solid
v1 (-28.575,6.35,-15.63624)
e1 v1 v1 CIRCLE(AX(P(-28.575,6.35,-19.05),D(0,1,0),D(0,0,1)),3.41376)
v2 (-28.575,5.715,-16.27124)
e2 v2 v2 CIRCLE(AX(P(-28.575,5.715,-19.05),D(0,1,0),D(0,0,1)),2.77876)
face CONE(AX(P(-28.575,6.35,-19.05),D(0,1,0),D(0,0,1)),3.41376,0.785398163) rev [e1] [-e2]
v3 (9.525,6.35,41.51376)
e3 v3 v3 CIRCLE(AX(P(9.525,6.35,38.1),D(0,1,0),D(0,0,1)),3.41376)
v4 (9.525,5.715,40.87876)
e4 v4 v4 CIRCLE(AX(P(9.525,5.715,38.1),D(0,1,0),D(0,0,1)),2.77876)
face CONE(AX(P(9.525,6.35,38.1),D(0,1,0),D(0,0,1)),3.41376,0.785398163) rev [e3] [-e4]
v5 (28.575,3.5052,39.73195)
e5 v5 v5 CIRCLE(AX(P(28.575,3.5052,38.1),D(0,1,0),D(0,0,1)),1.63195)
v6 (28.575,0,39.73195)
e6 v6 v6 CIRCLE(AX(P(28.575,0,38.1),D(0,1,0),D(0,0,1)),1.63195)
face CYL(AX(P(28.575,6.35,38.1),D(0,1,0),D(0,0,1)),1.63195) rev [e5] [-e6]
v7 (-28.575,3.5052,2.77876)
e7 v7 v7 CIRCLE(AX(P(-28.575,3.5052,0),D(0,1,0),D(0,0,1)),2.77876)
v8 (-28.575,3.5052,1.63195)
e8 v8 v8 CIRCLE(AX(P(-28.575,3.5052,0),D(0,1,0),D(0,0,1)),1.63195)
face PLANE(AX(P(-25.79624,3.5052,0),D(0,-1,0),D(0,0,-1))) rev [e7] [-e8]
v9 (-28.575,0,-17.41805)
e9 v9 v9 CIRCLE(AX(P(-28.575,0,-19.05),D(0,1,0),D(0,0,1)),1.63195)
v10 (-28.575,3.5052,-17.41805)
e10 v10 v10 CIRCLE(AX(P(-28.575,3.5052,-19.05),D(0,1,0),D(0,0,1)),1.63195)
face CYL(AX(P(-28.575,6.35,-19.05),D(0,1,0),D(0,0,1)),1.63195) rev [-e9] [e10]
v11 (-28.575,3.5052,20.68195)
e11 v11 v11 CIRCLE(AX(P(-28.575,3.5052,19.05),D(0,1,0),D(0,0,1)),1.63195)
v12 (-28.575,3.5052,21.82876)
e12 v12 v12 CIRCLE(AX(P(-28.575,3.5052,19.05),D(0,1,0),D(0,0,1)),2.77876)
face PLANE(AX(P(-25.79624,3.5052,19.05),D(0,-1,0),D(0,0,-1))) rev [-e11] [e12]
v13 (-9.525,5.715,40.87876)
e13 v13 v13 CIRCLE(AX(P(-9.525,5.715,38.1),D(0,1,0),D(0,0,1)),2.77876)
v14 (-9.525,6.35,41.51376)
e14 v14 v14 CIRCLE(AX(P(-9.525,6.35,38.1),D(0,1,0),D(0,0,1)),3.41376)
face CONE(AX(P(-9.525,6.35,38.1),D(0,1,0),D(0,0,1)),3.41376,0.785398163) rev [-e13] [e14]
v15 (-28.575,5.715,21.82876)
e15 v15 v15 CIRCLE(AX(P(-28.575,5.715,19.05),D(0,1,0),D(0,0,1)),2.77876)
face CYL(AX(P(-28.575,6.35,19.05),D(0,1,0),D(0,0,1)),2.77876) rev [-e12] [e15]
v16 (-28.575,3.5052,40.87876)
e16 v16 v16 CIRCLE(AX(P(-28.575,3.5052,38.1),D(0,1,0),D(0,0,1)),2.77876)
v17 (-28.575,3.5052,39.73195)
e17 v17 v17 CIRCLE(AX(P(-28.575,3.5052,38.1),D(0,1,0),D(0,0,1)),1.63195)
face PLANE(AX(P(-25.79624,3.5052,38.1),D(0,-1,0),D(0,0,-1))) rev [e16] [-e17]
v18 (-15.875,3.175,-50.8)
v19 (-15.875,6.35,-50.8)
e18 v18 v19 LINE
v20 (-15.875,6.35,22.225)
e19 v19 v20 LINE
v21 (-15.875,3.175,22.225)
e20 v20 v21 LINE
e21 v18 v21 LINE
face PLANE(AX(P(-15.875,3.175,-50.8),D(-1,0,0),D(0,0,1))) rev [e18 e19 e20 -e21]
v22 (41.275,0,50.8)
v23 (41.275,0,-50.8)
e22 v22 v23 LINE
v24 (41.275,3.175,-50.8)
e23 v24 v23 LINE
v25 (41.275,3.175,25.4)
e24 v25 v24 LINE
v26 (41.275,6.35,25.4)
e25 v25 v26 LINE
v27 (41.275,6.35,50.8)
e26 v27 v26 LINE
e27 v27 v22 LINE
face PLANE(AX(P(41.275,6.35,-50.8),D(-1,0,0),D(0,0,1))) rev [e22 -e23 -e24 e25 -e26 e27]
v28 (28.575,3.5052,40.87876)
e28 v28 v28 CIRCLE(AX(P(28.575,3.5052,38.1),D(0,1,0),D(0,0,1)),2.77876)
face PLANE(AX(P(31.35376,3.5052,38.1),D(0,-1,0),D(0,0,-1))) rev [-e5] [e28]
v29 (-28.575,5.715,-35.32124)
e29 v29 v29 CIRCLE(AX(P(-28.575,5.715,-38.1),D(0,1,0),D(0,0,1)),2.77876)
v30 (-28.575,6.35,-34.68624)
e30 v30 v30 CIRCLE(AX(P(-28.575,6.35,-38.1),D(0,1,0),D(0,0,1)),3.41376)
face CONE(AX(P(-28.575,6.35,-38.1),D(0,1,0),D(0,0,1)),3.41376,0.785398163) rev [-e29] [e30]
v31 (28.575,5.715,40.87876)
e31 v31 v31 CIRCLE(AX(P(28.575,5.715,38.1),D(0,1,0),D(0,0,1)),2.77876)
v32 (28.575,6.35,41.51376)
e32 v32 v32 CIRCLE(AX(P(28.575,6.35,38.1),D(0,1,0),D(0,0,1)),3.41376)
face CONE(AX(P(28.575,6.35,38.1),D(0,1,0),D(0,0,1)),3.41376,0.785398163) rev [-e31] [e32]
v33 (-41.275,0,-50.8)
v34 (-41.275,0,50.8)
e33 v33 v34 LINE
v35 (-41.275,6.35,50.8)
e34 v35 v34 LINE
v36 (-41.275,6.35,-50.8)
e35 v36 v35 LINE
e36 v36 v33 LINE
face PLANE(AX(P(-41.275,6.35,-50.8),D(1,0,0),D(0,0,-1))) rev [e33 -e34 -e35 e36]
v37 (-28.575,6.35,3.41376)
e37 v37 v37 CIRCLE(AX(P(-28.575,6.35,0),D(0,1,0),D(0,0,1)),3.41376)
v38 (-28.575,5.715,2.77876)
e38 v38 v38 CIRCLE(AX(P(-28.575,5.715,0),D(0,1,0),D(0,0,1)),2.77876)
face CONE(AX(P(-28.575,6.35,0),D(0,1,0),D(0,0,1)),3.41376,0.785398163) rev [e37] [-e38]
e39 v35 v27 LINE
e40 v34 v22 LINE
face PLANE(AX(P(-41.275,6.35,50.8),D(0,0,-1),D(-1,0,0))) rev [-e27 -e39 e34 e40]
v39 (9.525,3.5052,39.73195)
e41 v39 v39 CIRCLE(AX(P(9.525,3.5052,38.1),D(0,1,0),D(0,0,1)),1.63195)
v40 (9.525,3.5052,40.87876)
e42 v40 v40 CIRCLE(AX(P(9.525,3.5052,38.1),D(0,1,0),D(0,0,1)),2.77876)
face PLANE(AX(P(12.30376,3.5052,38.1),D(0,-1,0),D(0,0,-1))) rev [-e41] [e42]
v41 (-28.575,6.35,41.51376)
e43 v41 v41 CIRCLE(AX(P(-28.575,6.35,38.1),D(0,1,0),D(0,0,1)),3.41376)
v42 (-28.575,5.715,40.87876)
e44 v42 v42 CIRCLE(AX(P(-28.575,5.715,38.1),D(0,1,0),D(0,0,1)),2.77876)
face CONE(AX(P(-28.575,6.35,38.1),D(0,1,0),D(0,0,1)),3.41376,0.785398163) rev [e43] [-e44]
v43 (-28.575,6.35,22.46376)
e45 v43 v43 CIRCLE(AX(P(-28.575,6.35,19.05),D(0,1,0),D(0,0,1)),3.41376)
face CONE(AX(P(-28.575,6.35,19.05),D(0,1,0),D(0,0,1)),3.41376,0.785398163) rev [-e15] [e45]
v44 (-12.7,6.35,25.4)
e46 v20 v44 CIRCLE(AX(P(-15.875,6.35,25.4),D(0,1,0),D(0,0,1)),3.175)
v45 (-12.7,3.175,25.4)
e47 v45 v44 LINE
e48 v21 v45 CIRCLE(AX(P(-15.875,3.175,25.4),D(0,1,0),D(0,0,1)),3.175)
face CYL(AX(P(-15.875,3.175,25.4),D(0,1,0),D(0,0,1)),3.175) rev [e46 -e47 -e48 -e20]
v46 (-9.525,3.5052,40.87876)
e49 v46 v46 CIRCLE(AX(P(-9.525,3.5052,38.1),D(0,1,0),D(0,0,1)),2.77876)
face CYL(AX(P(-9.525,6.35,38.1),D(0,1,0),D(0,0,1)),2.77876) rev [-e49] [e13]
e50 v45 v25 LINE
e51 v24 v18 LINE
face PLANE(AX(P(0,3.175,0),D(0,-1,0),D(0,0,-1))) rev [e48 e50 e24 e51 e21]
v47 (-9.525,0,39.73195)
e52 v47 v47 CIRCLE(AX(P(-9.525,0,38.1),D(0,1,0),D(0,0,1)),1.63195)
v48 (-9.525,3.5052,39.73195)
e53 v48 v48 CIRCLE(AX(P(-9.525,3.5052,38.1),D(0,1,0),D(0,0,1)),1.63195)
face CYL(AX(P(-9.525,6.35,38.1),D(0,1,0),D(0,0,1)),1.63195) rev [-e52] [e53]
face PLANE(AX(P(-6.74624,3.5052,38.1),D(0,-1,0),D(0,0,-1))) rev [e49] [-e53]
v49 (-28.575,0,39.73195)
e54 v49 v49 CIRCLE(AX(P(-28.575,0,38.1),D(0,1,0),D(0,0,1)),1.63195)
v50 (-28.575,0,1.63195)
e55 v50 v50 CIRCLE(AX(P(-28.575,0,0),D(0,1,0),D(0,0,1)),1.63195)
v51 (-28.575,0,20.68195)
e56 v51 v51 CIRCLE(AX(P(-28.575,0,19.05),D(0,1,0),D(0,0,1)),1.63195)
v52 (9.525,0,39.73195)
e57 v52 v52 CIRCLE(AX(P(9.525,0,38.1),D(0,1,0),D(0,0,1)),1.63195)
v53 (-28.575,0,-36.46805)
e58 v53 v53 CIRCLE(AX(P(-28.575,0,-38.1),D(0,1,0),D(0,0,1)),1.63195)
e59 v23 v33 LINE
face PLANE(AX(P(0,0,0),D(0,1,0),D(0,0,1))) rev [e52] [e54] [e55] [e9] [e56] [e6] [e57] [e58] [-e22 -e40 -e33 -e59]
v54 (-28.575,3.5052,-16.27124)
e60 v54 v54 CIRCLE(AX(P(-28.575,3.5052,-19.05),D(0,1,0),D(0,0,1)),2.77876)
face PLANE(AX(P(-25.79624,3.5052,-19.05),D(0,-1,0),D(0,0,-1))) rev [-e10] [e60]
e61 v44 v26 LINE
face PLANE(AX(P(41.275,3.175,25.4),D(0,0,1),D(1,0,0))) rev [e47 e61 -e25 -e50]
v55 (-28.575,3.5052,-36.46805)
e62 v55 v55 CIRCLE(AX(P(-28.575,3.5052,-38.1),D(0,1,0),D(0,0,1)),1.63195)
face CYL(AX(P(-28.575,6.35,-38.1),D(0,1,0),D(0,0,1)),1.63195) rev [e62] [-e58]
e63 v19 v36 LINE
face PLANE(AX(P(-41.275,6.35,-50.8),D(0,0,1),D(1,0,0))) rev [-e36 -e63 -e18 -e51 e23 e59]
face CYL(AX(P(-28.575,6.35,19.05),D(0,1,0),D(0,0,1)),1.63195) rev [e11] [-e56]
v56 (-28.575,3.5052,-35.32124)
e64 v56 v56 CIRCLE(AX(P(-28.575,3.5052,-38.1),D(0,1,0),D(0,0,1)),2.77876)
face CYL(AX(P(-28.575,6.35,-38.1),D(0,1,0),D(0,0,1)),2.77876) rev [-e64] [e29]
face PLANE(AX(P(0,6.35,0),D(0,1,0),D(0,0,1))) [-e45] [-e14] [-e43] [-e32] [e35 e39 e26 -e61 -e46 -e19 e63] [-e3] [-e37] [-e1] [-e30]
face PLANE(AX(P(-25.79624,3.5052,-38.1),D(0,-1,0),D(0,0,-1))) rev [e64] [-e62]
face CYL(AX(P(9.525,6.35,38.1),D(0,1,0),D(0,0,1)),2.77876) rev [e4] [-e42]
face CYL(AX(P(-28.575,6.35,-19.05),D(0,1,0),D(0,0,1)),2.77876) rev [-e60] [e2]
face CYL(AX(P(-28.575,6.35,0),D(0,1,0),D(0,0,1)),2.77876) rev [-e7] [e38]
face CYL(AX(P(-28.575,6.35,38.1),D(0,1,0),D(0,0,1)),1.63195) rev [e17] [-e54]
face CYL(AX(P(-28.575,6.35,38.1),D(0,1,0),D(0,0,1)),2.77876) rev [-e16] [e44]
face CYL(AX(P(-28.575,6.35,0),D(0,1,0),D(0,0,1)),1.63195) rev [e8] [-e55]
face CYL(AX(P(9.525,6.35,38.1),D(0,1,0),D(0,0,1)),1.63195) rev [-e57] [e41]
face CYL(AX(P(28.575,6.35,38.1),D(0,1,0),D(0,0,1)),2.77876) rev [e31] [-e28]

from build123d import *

# Parameters (mm, degrees)
BASE_PLATE_W                    = 82.55
BASE_PLATE_H                    = 101.6
MAIN_BODY_DEPTH                 = 6.35
MOUNTING_HOLES_CBORE_AT_2_COUNT = 2
MOUNTING_HOLES_CBORE_AT_2_PITCH = 19.05
MOUNTING_HOLES_CBORE_AT_3_COUNT = 2
MOUNTING_HOLES_CBORE_AT_3_PITCH = 38.1
MOUNTING_HOLES_CBORE_AT_4_COUNT = 2
MOUNTING_HOLES_CBORE_AT_4_PITCH = 57.15
MOUNTING_HOLES_CBORE_AT_5_COUNT = 2
MOUNTING_HOLES_CBORE_AT_5_PITCH = 19.05
MOUNTING_HOLES_CBORE_AT_6_COUNT = 2
MOUNTING_HOLES_CBORE_AT_6_PITCH = 38.1
MOUNTING_HOLES_CBORE_AT_7_COUNT = 2
MOUNTING_HOLES_CBORE_AT_7_PITCH = 57.15
MOUNTING_HOLES_CBORE_AT_8_COUNT = 2
MOUNTING_HOLES_CBORE_AT_8_PITCH = 76.2
L_AREA_EXCLUSION_W              = 57.15
L_AREA_EXCLUSION_H              = 76.2
L_AREA_STEP_CUT_DEPTH           = 3.175
RELIEF_CIRCLE_SKETCH_R          = 3.175
SUBSTRATE_RELIEF_POCKET_DEPTH   = 3.175


with BuildPart() as part:
    # Base Plate → Main Body (new body)
    with BuildSketch(Plane(origin=(0, 0, 0), x_dir=(1, 0, 0), z_dir=(0, 1, 0))):
        Rectangle(BASE_PLATE_W, BASE_PLATE_H)
    extrude(amount=MAIN_BODY_DEPTH)

    # Hole Profile → Mounting Holes _CBORE (revolve, cut)
    with BuildSketch(Plane(origin=(-28.575, 6.35, 38.1), x_dir=(0, 0, 1), z_dir=(1, 0, 0))):
        Polygon((0, 0), (0, 6.35), (1.63195, 6.35), (1.63195, 2.8448), (2.77876, 2.8448), (2.77876, 0.635), (3.41376, 0), align=None)
    mounting_holes_cbore = revolve(axis=Axis((-28.575, 12.7, 38.1), (0, -1, 0)), mode=Mode.SUBTRACT)

    # Mounting Holes _CBORE at 2: Mounting Holes _CBORE ×2
    with Locations(*[(i * MOUNTING_HOLES_CBORE_AT_2_PITCH, 0, 0) for i in range(1, MOUNTING_HOLES_CBORE_AT_2_COUNT)]):
        add(mounting_holes_cbore, mode=Mode.SUBTRACT)

    # Mounting Holes _CBORE at 3: Mounting Holes _CBORE ×2
    with Locations(*[(i * MOUNTING_HOLES_CBORE_AT_3_PITCH, 0, 0) for i in range(1, MOUNTING_HOLES_CBORE_AT_3_COUNT)]):
        add(mounting_holes_cbore, mode=Mode.SUBTRACT)

    # Mounting Holes _CBORE at 4: Mounting Holes _CBORE ×2
    with Locations(*[(i * MOUNTING_HOLES_CBORE_AT_4_PITCH, 0, 0) for i in range(1, MOUNTING_HOLES_CBORE_AT_4_COUNT)]):
        add(mounting_holes_cbore, mode=Mode.SUBTRACT)

    # Mounting Holes _CBORE at 5: Mounting Holes _CBORE ×2
    with Locations(*[(0, 0, -i * MOUNTING_HOLES_CBORE_AT_5_PITCH) for i in range(1, MOUNTING_HOLES_CBORE_AT_5_COUNT)]):
        add(mounting_holes_cbore, mode=Mode.SUBTRACT)

    # Mounting Holes _CBORE at 6: Mounting Holes _CBORE ×2
    with Locations(*[(0, 0, -i * MOUNTING_HOLES_CBORE_AT_6_PITCH) for i in range(1, MOUNTING_HOLES_CBORE_AT_6_COUNT)]):
        add(mounting_holes_cbore, mode=Mode.SUBTRACT)

    # Mounting Holes _CBORE at 7: Mounting Holes _CBORE ×2
    with Locations(*[(0, 0, -i * MOUNTING_HOLES_CBORE_AT_7_PITCH) for i in range(1, MOUNTING_HOLES_CBORE_AT_7_COUNT)]):
        add(mounting_holes_cbore, mode=Mode.SUBTRACT)

    # Mounting Holes _CBORE at 8: Mounting Holes _CBORE ×2
    with Locations(*[(0, 0, -i * MOUNTING_HOLES_CBORE_AT_8_PITCH) for i in range(1, MOUNTING_HOLES_CBORE_AT_8_COUNT)]):
        add(mounting_holes_cbore, mode=Mode.SUBTRACT)

    # L-Area Exclusion → L-Area Step Cut (cut)
    with BuildSketch(Plane(origin=(0, 6.35, 0), x_dir=(1, 0, 0), z_dir=(0, 1, 0))):
        with Locations((12.7, 12.7)):
            Rectangle(L_AREA_EXCLUSION_W, L_AREA_EXCLUSION_H)
    extrude(amount=-L_AREA_STEP_CUT_DEPTH, mode=Mode.SUBTRACT)

    # Relief Circle Sketch → Substrate Relief Pocket (cut)
    with BuildSketch(Plane(origin=(0, 6.35, 0), x_dir=(1, 0, 0), z_dir=(0, 1, 0))):
        with Locations((-15.875, -25.4)):
            Circle(RELIEF_CIRCLE_SKETCH_R)
    extrude(amount=-SUBSTRATE_RELIEF_POCKET_DEPTH, mode=Mode.SUBTRACT)


solid = part.part
